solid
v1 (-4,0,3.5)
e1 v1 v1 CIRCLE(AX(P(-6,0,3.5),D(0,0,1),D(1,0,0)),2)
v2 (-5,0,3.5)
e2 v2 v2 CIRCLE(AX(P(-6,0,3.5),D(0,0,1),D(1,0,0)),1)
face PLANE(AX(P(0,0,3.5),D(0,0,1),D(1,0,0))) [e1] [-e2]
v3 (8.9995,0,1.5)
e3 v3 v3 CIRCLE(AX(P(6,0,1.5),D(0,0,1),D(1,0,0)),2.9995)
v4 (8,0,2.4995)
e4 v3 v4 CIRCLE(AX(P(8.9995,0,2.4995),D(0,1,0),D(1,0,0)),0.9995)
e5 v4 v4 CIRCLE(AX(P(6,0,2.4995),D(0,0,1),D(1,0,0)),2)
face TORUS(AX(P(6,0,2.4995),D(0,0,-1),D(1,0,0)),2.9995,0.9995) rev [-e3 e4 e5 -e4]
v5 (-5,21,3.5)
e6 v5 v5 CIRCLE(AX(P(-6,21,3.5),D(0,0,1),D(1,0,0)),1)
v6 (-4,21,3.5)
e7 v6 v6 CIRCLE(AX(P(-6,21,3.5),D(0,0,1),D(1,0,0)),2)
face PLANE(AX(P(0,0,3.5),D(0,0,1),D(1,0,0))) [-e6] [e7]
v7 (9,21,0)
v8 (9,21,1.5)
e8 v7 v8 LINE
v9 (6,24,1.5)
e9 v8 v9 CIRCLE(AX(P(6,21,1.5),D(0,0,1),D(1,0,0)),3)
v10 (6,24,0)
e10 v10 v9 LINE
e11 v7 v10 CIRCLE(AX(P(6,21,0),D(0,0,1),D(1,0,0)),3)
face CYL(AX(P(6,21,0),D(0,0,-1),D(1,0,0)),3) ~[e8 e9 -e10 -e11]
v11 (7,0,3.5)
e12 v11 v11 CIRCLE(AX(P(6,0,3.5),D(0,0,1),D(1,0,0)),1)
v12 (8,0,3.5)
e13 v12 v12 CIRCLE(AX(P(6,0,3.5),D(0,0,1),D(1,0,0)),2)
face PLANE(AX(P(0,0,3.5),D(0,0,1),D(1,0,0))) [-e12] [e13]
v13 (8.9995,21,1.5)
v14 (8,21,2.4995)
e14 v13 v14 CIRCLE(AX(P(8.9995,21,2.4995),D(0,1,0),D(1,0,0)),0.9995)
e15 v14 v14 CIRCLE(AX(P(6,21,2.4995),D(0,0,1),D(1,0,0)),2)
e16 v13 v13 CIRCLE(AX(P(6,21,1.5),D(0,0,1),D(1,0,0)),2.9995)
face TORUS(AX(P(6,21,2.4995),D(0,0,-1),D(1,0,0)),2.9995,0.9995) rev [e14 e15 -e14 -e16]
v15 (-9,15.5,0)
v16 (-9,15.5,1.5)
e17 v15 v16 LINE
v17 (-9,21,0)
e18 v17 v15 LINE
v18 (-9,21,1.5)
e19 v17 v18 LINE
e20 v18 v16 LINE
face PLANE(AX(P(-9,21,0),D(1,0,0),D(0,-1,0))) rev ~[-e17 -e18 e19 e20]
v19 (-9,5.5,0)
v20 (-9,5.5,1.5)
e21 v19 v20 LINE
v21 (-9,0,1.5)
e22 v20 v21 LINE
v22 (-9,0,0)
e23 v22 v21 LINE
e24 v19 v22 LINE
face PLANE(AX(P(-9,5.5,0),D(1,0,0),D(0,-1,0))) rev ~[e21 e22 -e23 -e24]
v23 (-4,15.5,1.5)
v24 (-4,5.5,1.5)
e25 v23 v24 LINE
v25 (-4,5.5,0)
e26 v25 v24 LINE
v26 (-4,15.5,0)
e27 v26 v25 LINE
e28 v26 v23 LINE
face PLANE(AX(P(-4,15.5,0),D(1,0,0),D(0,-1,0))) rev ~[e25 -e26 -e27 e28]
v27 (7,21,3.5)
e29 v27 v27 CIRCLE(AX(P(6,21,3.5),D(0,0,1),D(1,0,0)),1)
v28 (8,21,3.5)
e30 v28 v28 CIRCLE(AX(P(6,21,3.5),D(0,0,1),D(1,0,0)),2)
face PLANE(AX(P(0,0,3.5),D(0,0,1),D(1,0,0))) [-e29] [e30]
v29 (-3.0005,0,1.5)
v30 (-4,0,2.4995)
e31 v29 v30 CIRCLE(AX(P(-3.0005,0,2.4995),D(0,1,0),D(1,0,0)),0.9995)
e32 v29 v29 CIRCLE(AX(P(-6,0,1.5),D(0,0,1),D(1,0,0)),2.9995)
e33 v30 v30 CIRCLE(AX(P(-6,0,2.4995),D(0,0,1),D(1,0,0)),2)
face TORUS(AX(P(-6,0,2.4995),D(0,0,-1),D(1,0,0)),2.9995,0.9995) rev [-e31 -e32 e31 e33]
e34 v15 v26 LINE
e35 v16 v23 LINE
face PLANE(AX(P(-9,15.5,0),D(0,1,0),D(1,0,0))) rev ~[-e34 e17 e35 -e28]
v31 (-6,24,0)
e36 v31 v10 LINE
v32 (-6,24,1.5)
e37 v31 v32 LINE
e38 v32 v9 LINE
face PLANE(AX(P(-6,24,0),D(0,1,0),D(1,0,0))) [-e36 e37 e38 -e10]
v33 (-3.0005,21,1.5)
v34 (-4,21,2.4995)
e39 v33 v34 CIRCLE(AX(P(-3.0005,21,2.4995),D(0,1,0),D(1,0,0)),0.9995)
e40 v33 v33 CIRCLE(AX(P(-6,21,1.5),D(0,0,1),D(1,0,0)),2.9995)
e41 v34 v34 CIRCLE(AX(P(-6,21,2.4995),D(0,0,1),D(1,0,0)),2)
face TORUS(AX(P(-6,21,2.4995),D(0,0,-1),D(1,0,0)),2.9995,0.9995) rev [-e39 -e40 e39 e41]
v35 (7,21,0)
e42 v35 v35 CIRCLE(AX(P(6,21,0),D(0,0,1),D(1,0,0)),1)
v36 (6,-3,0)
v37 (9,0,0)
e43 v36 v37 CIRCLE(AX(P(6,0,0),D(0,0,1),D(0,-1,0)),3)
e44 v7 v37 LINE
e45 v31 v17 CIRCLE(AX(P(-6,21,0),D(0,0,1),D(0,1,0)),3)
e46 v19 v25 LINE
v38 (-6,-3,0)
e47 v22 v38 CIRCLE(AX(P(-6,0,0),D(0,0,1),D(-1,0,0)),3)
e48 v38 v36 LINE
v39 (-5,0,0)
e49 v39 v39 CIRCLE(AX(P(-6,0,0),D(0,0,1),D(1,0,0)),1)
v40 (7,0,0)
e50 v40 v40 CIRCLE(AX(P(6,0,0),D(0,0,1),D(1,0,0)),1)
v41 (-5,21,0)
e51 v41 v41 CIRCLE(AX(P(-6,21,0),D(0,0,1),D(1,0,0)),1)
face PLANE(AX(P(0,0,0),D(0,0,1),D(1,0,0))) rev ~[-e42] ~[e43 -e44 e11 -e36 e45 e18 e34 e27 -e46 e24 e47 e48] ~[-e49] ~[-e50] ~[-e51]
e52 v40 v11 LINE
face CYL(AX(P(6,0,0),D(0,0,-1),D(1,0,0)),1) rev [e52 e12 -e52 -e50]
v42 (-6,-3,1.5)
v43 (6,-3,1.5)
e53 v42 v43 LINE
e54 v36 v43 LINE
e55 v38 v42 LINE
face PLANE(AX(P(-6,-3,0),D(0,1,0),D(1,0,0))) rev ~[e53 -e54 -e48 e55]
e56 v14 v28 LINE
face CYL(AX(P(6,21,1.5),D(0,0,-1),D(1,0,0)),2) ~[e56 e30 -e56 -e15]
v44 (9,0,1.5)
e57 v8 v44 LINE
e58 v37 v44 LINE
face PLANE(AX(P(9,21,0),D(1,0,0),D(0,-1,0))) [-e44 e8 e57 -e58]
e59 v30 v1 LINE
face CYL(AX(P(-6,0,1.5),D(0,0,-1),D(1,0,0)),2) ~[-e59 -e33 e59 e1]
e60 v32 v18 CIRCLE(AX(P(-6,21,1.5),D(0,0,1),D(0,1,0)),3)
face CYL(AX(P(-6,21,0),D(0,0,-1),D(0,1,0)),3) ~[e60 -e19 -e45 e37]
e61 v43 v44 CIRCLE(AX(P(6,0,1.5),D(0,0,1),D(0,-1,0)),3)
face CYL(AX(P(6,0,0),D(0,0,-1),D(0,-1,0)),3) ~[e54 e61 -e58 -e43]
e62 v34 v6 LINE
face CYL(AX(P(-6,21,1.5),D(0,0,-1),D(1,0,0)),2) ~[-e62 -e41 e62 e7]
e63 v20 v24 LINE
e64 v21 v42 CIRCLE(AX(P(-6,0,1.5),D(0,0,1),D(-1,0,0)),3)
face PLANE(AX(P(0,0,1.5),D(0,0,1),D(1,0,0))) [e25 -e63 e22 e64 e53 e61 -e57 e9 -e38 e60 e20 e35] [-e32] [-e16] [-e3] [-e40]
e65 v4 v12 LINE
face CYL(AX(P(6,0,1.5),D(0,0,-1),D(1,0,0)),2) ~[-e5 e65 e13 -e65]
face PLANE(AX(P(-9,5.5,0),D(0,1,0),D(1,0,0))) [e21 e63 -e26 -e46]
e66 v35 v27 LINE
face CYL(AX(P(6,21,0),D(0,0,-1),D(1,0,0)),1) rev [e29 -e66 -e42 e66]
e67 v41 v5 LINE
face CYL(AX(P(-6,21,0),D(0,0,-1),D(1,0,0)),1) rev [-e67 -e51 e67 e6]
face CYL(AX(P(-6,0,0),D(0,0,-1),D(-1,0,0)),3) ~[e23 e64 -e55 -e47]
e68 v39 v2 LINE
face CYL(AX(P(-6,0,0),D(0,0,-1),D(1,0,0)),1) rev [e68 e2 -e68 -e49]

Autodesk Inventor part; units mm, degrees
ref_plane "YZ Plane" through (0, 0, 0) normal (1, 0, 0) x (0, 1, 0)
ref_plane "XZ Plane" through (0, 0, 0) normal (0, 1, 0) x (-1, 0, 0)
ref_plane "XY Plane" through (0, 0, 0) normal (0, 0, 1) x (1, 0, 0)
sketch "Náčrt1" plane through (0, 0, 0) normal (0, 0, 1) x (1, 0, 0)
  circle A0 centre (-6, 0) radius 1
  circle A1 centre (-6, 21) radius 1
  circle A2 centre (6, 0) radius 1
  circle A3 centre (6, 21) radius 1
  arc A4 (-6, 24) -> (-9, 21) centre (-6, 21) ccw
  arc A5 (9, 21) -> (6, 24) centre (6, 21) ccw
  arc A6 (6, -3) -> (9, 0) centre (6, 0) ccw
  arc A7 (-9, 0) -> (-6, -3) centre (-6, 0) ccw
  line L0 (-6, 24) -> (6, 24)
  line L1 (9, 21) -> (9, 0)
  line L2 (-6, -3) -> (6, -3)
  line L3 (-9, 15.5) -> (-4, 15.5)
  line L4 (-9, 5.5) -> (-4, 5.5)
  line L5 (-4, 15.5) -> (-4, 5.5)
  line L6 (-9, 21) -> (-9, 15.5)
  line L7 (-9, 5.5) -> (-9, 0)
  point P0 (0, 0)
  dimension "d0" = 2
  dimension "d2" = 2
  dimension "d4" = 19
  dimension "d5" = 2
  dimension "d6" = 2
  dimension "d7" = 2
  dimension "d8" = 2
  dimension "d9" = 4.5
  dimension "d10" = 5
extrude "Vysunutí1" add sketch "Náčrt1" along normal blind 1.5
sketch "Náčrt3" plane through (0, 0, 1.5) normal (0, 0, 1) x (1, 0, 0)
  circle A0 centre (-6, 21) radius 1 projected
  circle A1 centre (-6, 21) radius 1
  circle A2 centre (6, 21) radius 1 projected
  circle A3 centre (6, 21) radius 1
  circle A4 centre (6, 0) radius 1 projected
  circle A5 centre (6, 0) radius 1
  circle A6 centre (-6, 0) radius 1
  circle A7 centre (-6, 21) radius 2
  circle A8 centre (6, 21) radius 2
  circle A9 centre (6, 0) radius 2
  circle A10 centre (-6, 0) radius 2
  point P0 (0, 0)
  dimension "d13" = 1
  dimension "d14" = 1
  dimension "d15" = 1
  dimension "d16" = 1
extrude "Vysunutí2" add sketch "Náčrt3" along normal blind 2
fillet "Zaoblení1" radius 1 4 edges at (-8, 21, 1.5) (4, 21, 1.5) (-8, 0, 1.5) (4, 0, 1.5)
properties part number "drzak_kamery2"
